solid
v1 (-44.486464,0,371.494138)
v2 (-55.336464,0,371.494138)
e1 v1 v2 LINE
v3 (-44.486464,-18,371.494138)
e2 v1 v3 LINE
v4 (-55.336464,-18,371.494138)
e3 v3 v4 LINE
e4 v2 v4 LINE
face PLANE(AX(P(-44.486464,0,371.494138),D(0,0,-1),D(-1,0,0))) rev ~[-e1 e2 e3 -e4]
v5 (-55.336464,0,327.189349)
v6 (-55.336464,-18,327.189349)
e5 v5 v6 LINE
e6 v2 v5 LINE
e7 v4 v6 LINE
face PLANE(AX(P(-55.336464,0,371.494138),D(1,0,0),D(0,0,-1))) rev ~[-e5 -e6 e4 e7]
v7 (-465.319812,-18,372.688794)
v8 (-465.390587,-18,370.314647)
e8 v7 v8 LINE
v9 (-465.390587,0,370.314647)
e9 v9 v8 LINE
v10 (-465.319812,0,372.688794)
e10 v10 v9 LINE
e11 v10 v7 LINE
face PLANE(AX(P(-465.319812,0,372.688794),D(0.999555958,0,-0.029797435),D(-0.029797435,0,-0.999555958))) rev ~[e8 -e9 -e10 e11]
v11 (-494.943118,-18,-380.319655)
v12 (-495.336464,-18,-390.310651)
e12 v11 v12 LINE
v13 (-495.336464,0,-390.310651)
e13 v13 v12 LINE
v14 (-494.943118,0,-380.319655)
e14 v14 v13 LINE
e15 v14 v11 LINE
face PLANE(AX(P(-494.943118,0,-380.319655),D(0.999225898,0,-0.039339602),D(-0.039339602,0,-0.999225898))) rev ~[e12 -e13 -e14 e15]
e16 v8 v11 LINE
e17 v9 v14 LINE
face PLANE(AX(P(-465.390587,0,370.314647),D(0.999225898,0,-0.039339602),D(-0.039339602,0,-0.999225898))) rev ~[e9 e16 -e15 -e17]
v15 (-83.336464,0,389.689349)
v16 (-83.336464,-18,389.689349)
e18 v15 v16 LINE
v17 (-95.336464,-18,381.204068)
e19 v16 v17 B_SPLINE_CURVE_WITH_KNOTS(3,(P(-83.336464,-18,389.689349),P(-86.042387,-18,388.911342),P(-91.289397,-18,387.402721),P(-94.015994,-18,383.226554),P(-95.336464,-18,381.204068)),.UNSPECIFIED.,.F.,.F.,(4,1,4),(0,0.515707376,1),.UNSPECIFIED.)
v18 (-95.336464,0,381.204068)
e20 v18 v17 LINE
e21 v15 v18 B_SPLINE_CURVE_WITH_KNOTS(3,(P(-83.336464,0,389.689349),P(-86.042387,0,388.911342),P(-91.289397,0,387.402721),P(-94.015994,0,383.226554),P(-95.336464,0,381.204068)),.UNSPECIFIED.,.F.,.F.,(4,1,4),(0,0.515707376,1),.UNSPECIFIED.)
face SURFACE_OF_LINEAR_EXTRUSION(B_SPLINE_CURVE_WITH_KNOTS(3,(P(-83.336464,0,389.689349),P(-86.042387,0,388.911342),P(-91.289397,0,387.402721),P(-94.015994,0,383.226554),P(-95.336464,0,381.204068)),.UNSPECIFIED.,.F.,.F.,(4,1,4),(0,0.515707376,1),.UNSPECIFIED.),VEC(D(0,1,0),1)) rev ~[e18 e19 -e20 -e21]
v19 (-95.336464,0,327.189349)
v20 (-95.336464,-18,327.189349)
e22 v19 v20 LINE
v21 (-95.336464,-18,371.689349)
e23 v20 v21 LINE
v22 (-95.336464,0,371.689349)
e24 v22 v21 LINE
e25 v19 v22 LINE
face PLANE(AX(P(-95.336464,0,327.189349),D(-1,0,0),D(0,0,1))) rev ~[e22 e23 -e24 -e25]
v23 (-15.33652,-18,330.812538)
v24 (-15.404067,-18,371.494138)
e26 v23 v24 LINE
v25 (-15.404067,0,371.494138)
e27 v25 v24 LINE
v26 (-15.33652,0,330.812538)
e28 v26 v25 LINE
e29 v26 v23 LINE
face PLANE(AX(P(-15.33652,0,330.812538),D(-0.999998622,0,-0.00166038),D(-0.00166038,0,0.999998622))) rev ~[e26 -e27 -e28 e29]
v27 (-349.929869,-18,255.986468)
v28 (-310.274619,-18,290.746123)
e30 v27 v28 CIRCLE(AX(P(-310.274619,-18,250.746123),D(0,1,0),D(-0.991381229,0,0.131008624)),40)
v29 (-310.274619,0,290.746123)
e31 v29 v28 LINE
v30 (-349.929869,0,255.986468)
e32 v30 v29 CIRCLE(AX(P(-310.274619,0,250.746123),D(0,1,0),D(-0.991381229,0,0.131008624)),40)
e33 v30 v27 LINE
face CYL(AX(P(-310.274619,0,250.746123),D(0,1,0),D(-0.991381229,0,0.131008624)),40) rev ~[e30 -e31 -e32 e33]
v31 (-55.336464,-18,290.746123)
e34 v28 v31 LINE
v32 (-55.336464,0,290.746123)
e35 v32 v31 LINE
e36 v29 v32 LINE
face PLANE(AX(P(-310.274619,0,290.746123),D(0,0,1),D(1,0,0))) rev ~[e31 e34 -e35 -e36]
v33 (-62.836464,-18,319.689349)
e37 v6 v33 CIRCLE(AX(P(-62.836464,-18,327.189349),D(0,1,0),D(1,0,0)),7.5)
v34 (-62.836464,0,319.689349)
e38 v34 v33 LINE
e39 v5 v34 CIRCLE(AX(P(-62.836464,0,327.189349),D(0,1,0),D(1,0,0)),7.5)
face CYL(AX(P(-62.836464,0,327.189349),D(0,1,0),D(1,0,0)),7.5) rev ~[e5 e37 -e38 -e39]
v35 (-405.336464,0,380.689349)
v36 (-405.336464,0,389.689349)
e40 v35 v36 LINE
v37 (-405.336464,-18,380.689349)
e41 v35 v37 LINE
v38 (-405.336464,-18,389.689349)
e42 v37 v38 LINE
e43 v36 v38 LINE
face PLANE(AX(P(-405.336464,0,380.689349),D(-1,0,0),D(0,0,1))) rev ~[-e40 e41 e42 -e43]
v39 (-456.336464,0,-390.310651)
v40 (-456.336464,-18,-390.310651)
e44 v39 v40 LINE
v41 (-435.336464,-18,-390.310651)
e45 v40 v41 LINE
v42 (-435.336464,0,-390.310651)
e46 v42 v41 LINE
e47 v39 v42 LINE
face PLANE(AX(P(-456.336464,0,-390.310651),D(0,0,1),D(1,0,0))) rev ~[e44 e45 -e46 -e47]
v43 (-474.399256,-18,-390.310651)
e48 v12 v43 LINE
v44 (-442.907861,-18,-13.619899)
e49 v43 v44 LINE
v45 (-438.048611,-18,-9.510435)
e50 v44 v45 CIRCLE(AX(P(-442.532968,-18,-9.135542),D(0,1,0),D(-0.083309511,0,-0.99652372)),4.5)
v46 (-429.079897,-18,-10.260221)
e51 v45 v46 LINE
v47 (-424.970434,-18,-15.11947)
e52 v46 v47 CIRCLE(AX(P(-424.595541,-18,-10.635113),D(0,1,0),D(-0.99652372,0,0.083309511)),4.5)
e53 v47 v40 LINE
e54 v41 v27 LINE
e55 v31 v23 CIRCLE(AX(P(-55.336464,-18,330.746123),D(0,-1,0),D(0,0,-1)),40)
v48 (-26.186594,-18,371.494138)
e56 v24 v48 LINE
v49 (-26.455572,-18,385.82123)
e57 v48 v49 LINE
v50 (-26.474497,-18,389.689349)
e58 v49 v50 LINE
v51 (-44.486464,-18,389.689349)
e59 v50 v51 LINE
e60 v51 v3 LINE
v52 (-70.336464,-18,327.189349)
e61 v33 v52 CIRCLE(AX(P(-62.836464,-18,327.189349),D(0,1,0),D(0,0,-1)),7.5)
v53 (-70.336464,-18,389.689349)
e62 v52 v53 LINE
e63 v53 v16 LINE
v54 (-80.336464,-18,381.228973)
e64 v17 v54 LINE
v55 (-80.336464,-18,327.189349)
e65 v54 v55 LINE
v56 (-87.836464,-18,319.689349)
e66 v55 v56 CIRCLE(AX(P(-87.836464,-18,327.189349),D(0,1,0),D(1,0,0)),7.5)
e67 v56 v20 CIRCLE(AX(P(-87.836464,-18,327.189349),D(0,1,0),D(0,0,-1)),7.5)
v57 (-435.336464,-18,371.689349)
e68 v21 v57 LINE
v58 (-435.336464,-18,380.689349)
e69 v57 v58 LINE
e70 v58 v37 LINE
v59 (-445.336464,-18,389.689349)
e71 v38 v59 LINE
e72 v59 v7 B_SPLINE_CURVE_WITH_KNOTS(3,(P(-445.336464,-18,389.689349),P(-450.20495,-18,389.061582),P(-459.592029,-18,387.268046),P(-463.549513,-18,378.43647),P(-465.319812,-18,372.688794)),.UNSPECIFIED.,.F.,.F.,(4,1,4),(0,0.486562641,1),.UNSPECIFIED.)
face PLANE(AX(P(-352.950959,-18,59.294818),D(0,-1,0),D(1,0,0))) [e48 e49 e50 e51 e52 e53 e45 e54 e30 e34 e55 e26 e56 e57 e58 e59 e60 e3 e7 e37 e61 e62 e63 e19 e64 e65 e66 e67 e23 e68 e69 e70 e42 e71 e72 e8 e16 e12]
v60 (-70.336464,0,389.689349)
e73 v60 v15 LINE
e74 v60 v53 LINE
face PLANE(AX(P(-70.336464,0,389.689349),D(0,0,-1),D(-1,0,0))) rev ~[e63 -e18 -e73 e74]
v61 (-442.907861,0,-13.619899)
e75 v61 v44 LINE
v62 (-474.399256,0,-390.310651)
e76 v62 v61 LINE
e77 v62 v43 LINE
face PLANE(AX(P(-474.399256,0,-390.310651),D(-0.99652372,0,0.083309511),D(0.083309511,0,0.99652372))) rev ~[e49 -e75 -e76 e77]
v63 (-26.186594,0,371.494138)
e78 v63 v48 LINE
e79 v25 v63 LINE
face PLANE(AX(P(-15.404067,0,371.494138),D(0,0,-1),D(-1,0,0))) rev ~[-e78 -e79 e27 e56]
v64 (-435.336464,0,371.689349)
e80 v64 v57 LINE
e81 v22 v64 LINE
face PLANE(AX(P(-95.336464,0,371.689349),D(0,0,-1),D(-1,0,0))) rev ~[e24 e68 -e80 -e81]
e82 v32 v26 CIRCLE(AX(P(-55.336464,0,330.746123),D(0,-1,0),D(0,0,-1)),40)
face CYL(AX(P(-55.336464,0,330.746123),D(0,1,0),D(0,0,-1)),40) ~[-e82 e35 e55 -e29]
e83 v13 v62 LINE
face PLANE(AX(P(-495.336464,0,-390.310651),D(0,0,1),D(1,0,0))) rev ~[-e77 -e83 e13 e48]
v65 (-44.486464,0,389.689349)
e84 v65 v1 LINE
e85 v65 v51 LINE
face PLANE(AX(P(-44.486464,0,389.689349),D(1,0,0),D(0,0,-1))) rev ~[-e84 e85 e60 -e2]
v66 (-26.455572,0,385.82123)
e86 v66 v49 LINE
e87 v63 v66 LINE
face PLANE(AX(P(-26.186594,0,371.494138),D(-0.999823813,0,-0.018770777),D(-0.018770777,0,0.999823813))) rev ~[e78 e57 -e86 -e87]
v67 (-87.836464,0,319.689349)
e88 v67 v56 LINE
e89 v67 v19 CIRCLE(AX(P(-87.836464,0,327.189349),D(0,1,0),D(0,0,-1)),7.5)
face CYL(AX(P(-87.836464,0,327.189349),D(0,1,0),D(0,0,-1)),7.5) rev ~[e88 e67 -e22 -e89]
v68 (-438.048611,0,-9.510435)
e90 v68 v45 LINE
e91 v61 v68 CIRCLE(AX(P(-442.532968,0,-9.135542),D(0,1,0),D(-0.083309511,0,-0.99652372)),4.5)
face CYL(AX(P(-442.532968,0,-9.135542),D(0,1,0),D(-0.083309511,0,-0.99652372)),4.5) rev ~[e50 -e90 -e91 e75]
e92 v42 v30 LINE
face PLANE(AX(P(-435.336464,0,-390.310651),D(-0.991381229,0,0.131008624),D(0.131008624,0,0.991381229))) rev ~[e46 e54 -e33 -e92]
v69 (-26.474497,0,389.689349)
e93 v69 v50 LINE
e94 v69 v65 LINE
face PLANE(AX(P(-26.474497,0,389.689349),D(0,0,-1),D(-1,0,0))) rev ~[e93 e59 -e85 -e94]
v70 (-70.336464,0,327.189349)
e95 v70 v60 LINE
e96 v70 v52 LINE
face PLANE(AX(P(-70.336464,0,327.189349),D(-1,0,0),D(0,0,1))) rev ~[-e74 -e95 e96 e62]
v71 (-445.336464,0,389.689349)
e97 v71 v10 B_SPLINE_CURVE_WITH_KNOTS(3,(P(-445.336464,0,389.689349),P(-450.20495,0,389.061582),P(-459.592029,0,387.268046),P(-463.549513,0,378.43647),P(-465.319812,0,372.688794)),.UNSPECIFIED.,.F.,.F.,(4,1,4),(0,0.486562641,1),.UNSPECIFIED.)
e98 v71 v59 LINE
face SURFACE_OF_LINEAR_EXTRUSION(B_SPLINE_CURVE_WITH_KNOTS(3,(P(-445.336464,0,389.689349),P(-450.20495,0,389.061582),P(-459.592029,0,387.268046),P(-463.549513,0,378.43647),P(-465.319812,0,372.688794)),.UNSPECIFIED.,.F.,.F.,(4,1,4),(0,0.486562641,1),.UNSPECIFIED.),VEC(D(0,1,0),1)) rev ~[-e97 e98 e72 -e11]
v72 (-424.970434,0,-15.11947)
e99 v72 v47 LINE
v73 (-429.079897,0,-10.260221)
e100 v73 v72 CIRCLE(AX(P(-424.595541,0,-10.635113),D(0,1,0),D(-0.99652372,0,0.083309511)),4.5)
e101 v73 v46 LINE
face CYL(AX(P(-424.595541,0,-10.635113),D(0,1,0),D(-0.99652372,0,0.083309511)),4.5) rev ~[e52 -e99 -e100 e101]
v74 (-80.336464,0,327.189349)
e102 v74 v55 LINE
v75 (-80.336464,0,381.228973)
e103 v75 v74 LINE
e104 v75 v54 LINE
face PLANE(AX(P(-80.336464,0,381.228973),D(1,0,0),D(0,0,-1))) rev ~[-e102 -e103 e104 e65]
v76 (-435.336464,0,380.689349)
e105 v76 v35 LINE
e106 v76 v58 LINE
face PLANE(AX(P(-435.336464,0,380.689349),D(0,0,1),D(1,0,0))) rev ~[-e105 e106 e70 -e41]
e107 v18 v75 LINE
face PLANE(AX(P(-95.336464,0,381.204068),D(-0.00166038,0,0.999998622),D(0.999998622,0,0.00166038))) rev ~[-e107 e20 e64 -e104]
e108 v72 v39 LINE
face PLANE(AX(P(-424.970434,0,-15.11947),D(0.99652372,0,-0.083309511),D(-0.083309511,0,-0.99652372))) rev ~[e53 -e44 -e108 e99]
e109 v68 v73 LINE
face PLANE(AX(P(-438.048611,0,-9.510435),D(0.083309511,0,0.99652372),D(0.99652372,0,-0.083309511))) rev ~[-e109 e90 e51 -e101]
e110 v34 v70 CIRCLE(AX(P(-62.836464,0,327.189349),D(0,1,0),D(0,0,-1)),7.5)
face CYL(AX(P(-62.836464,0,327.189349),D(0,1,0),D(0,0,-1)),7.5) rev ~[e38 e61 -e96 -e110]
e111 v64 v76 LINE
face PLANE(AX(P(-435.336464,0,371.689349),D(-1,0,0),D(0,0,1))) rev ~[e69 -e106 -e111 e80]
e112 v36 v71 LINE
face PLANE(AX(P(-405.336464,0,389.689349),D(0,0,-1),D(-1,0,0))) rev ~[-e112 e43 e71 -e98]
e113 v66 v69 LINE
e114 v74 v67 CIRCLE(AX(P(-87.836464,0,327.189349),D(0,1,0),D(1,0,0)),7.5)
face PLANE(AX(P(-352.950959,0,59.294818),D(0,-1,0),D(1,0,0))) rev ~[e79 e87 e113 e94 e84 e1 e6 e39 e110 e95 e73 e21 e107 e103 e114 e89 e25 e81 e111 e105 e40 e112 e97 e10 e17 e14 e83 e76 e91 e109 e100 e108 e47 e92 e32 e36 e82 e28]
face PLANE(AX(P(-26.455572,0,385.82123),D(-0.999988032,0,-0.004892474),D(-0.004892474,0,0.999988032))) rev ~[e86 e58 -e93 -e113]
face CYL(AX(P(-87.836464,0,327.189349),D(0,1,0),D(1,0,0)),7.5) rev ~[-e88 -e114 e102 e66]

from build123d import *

# Parameters (mm, degrees)
F1_DEPTH = 18


with BuildPart() as f1:
    # F0 (on Front) → F1 (new body)
    with BuildSketch(Plane.XZ):
        with BuildLine():
            Line((-494.9431181919, -380.3196549416), (-495.3364644899, -390.3106509103))
            Line((-495.3364644899, -390.3106509103), (-474.3992558025, -390.3106509103))
            Line((-474.3992558025, -390.3106509103), (-442.9078605118, -13.6198989728))
            ThreePointArc((-442.9078605118, -13.6198989728), (-445.4387975319, -5.6995339283), (-438.0486109698, -9.5104350311))
            Line((-438.0486109698, -9.5104350311), (-429.079897486, -10.2602206314))
            ThreePointArc((-429.079897486, -10.2602206314), (-421.1595324415, -7.7292836113), (-424.9704335443, -15.1194701734))
            Line((-424.9704335443, -15.1194701734), (-456.3364644899, -390.3106509103))
            Line((-456.3364644899, -390.3106509103), (-435.3364644899, -390.3106509103))
            Line((-435.3364644899, -390.3106509103), (-349.9298685588, 255.9864675478))
            ThreePointArc((-349.9298685588, 255.9864675478), (-336.6411341811, 280.8261308929), (-310.274619413, 290.7461225986))
            Line((-310.274619413, 290.7461225986), (-55.3364644899, 290.7461225986))
            ThreePointArc((-55.3364644899, 290.7461225986), (-27.0287216569, 302.4853424307), (-15.3365196272, 330.8125378136))
            Line((-15.3365196272, 330.8125378136), (-15.4040666505, 371.4941377938))
            Line((-15.4040666505, 371.4941377938), (-26.1865943467, 371.4941377938))
            Line((-26.1865943467, 371.4941377938), (-26.4555723936, 385.8212303749))
            Line((-26.4555723936, 385.8212303749), (-26.474497292, 389.6893490897))
            Line((-26.474497292, 389.6893490897), (-44.4864644899, 389.6893490897))
            Line((-44.4864644899, 389.6893490897), (-44.4864644899, 371.4941377938))
            Line((-44.4864644899, 371.4941377938), (-55.3364644899, 371.4941377938))
            Line((-55.3364644899, 371.4941377938), (-55.3364644899, 327.1893490897))
            ThreePointArc((-55.3364644899, 327.1893490897), (-57.533163631, 321.8860482309), (-62.8364644899, 319.6893490897))
            ThreePointArc((-62.8364644899, 319.6893490897), (-68.1397653488, 321.8860482309), (-70.3364644899, 327.1893490897))
            Line((-70.3364644899, 327.1893490897), (-70.3364644899, 389.6893490897))
            Line((-70.3364644899, 389.6893490897), (-83.3364644899, 389.6893490897))
            add(Edge.make_bspline(
                [(-83.3364644899, 389.6893490897), (-86.0423866242, 388.9113420461), (-91.2893973468, 387.4027209189), (-94.0159938946, 383.2265543698), (-95.3364644899, 381.2040677155)],
                knots=[0, 0, 0, 0, 0.5157073765, 1, 1, 1, 1], degree=3))
            Line((-95.3364644899, 381.2040677155), (-80.3364644899, 381.2289734555))
            Line((-80.3364644899, 381.2289734555), (-80.3364644899, 327.1893490897))
            ThreePointArc((-80.3364644899, 327.1893490897), (-82.533163631, 321.8860482309), (-87.8364644899, 319.6893490897))
            ThreePointArc((-87.8364644899, 319.6893490897), (-93.1397653488, 321.8860482309), (-95.3364644899, 327.1893490897))
            Line((-95.3364644899, 327.1893490897), (-95.3364644899, 370.6893490897))
            Line((-95.3364644899, 370.6893490897), (-95.3364644899, 371.6893490897))
            Line((-95.3364644899, 371.6893490897), (-435.3364644899, 371.6893490897))
            Line((-435.3364644899, 371.6893490897), (-435.3364644899, 375.1893490897))
            Line((-435.3364644899, 375.1893490897), (-435.3364644899, 376.1893490897))
            Line((-435.3364644899, 376.1893490897), (-435.3364644899, 380.6893490897))
            Line((-435.3364644899, 380.6893490897), (-405.3364644899, 380.6893490897))
            Line((-405.3364644899, 380.6893490897), (-405.3364644899, 389.6893490897))
            Line((-405.3364644899, 389.6893490897), (-445.3364644899, 389.6893490897))
            add(Edge.make_bspline(
                [(-445.3364644899, 389.6893490897), (-450.2049500524, 389.0615823794), (-459.5920285383, 387.2680457186), (-463.5495128465, 378.4364704972), (-465.3198116993, 372.6887939967)],
                knots=[0, 0, 0, 0, 0.4865626406, 1, 1, 1, 1], degree=3))
            Line((-465.3198116993, 372.6887939967), (-465.3905866055, 370.3146473532))
            Line((-465.3905866055, 370.3146473532), (-494.9431181919, -380.3196549416))
        make_face()
    extrude(amount=F1_DEPTH)


solid = f1.part
